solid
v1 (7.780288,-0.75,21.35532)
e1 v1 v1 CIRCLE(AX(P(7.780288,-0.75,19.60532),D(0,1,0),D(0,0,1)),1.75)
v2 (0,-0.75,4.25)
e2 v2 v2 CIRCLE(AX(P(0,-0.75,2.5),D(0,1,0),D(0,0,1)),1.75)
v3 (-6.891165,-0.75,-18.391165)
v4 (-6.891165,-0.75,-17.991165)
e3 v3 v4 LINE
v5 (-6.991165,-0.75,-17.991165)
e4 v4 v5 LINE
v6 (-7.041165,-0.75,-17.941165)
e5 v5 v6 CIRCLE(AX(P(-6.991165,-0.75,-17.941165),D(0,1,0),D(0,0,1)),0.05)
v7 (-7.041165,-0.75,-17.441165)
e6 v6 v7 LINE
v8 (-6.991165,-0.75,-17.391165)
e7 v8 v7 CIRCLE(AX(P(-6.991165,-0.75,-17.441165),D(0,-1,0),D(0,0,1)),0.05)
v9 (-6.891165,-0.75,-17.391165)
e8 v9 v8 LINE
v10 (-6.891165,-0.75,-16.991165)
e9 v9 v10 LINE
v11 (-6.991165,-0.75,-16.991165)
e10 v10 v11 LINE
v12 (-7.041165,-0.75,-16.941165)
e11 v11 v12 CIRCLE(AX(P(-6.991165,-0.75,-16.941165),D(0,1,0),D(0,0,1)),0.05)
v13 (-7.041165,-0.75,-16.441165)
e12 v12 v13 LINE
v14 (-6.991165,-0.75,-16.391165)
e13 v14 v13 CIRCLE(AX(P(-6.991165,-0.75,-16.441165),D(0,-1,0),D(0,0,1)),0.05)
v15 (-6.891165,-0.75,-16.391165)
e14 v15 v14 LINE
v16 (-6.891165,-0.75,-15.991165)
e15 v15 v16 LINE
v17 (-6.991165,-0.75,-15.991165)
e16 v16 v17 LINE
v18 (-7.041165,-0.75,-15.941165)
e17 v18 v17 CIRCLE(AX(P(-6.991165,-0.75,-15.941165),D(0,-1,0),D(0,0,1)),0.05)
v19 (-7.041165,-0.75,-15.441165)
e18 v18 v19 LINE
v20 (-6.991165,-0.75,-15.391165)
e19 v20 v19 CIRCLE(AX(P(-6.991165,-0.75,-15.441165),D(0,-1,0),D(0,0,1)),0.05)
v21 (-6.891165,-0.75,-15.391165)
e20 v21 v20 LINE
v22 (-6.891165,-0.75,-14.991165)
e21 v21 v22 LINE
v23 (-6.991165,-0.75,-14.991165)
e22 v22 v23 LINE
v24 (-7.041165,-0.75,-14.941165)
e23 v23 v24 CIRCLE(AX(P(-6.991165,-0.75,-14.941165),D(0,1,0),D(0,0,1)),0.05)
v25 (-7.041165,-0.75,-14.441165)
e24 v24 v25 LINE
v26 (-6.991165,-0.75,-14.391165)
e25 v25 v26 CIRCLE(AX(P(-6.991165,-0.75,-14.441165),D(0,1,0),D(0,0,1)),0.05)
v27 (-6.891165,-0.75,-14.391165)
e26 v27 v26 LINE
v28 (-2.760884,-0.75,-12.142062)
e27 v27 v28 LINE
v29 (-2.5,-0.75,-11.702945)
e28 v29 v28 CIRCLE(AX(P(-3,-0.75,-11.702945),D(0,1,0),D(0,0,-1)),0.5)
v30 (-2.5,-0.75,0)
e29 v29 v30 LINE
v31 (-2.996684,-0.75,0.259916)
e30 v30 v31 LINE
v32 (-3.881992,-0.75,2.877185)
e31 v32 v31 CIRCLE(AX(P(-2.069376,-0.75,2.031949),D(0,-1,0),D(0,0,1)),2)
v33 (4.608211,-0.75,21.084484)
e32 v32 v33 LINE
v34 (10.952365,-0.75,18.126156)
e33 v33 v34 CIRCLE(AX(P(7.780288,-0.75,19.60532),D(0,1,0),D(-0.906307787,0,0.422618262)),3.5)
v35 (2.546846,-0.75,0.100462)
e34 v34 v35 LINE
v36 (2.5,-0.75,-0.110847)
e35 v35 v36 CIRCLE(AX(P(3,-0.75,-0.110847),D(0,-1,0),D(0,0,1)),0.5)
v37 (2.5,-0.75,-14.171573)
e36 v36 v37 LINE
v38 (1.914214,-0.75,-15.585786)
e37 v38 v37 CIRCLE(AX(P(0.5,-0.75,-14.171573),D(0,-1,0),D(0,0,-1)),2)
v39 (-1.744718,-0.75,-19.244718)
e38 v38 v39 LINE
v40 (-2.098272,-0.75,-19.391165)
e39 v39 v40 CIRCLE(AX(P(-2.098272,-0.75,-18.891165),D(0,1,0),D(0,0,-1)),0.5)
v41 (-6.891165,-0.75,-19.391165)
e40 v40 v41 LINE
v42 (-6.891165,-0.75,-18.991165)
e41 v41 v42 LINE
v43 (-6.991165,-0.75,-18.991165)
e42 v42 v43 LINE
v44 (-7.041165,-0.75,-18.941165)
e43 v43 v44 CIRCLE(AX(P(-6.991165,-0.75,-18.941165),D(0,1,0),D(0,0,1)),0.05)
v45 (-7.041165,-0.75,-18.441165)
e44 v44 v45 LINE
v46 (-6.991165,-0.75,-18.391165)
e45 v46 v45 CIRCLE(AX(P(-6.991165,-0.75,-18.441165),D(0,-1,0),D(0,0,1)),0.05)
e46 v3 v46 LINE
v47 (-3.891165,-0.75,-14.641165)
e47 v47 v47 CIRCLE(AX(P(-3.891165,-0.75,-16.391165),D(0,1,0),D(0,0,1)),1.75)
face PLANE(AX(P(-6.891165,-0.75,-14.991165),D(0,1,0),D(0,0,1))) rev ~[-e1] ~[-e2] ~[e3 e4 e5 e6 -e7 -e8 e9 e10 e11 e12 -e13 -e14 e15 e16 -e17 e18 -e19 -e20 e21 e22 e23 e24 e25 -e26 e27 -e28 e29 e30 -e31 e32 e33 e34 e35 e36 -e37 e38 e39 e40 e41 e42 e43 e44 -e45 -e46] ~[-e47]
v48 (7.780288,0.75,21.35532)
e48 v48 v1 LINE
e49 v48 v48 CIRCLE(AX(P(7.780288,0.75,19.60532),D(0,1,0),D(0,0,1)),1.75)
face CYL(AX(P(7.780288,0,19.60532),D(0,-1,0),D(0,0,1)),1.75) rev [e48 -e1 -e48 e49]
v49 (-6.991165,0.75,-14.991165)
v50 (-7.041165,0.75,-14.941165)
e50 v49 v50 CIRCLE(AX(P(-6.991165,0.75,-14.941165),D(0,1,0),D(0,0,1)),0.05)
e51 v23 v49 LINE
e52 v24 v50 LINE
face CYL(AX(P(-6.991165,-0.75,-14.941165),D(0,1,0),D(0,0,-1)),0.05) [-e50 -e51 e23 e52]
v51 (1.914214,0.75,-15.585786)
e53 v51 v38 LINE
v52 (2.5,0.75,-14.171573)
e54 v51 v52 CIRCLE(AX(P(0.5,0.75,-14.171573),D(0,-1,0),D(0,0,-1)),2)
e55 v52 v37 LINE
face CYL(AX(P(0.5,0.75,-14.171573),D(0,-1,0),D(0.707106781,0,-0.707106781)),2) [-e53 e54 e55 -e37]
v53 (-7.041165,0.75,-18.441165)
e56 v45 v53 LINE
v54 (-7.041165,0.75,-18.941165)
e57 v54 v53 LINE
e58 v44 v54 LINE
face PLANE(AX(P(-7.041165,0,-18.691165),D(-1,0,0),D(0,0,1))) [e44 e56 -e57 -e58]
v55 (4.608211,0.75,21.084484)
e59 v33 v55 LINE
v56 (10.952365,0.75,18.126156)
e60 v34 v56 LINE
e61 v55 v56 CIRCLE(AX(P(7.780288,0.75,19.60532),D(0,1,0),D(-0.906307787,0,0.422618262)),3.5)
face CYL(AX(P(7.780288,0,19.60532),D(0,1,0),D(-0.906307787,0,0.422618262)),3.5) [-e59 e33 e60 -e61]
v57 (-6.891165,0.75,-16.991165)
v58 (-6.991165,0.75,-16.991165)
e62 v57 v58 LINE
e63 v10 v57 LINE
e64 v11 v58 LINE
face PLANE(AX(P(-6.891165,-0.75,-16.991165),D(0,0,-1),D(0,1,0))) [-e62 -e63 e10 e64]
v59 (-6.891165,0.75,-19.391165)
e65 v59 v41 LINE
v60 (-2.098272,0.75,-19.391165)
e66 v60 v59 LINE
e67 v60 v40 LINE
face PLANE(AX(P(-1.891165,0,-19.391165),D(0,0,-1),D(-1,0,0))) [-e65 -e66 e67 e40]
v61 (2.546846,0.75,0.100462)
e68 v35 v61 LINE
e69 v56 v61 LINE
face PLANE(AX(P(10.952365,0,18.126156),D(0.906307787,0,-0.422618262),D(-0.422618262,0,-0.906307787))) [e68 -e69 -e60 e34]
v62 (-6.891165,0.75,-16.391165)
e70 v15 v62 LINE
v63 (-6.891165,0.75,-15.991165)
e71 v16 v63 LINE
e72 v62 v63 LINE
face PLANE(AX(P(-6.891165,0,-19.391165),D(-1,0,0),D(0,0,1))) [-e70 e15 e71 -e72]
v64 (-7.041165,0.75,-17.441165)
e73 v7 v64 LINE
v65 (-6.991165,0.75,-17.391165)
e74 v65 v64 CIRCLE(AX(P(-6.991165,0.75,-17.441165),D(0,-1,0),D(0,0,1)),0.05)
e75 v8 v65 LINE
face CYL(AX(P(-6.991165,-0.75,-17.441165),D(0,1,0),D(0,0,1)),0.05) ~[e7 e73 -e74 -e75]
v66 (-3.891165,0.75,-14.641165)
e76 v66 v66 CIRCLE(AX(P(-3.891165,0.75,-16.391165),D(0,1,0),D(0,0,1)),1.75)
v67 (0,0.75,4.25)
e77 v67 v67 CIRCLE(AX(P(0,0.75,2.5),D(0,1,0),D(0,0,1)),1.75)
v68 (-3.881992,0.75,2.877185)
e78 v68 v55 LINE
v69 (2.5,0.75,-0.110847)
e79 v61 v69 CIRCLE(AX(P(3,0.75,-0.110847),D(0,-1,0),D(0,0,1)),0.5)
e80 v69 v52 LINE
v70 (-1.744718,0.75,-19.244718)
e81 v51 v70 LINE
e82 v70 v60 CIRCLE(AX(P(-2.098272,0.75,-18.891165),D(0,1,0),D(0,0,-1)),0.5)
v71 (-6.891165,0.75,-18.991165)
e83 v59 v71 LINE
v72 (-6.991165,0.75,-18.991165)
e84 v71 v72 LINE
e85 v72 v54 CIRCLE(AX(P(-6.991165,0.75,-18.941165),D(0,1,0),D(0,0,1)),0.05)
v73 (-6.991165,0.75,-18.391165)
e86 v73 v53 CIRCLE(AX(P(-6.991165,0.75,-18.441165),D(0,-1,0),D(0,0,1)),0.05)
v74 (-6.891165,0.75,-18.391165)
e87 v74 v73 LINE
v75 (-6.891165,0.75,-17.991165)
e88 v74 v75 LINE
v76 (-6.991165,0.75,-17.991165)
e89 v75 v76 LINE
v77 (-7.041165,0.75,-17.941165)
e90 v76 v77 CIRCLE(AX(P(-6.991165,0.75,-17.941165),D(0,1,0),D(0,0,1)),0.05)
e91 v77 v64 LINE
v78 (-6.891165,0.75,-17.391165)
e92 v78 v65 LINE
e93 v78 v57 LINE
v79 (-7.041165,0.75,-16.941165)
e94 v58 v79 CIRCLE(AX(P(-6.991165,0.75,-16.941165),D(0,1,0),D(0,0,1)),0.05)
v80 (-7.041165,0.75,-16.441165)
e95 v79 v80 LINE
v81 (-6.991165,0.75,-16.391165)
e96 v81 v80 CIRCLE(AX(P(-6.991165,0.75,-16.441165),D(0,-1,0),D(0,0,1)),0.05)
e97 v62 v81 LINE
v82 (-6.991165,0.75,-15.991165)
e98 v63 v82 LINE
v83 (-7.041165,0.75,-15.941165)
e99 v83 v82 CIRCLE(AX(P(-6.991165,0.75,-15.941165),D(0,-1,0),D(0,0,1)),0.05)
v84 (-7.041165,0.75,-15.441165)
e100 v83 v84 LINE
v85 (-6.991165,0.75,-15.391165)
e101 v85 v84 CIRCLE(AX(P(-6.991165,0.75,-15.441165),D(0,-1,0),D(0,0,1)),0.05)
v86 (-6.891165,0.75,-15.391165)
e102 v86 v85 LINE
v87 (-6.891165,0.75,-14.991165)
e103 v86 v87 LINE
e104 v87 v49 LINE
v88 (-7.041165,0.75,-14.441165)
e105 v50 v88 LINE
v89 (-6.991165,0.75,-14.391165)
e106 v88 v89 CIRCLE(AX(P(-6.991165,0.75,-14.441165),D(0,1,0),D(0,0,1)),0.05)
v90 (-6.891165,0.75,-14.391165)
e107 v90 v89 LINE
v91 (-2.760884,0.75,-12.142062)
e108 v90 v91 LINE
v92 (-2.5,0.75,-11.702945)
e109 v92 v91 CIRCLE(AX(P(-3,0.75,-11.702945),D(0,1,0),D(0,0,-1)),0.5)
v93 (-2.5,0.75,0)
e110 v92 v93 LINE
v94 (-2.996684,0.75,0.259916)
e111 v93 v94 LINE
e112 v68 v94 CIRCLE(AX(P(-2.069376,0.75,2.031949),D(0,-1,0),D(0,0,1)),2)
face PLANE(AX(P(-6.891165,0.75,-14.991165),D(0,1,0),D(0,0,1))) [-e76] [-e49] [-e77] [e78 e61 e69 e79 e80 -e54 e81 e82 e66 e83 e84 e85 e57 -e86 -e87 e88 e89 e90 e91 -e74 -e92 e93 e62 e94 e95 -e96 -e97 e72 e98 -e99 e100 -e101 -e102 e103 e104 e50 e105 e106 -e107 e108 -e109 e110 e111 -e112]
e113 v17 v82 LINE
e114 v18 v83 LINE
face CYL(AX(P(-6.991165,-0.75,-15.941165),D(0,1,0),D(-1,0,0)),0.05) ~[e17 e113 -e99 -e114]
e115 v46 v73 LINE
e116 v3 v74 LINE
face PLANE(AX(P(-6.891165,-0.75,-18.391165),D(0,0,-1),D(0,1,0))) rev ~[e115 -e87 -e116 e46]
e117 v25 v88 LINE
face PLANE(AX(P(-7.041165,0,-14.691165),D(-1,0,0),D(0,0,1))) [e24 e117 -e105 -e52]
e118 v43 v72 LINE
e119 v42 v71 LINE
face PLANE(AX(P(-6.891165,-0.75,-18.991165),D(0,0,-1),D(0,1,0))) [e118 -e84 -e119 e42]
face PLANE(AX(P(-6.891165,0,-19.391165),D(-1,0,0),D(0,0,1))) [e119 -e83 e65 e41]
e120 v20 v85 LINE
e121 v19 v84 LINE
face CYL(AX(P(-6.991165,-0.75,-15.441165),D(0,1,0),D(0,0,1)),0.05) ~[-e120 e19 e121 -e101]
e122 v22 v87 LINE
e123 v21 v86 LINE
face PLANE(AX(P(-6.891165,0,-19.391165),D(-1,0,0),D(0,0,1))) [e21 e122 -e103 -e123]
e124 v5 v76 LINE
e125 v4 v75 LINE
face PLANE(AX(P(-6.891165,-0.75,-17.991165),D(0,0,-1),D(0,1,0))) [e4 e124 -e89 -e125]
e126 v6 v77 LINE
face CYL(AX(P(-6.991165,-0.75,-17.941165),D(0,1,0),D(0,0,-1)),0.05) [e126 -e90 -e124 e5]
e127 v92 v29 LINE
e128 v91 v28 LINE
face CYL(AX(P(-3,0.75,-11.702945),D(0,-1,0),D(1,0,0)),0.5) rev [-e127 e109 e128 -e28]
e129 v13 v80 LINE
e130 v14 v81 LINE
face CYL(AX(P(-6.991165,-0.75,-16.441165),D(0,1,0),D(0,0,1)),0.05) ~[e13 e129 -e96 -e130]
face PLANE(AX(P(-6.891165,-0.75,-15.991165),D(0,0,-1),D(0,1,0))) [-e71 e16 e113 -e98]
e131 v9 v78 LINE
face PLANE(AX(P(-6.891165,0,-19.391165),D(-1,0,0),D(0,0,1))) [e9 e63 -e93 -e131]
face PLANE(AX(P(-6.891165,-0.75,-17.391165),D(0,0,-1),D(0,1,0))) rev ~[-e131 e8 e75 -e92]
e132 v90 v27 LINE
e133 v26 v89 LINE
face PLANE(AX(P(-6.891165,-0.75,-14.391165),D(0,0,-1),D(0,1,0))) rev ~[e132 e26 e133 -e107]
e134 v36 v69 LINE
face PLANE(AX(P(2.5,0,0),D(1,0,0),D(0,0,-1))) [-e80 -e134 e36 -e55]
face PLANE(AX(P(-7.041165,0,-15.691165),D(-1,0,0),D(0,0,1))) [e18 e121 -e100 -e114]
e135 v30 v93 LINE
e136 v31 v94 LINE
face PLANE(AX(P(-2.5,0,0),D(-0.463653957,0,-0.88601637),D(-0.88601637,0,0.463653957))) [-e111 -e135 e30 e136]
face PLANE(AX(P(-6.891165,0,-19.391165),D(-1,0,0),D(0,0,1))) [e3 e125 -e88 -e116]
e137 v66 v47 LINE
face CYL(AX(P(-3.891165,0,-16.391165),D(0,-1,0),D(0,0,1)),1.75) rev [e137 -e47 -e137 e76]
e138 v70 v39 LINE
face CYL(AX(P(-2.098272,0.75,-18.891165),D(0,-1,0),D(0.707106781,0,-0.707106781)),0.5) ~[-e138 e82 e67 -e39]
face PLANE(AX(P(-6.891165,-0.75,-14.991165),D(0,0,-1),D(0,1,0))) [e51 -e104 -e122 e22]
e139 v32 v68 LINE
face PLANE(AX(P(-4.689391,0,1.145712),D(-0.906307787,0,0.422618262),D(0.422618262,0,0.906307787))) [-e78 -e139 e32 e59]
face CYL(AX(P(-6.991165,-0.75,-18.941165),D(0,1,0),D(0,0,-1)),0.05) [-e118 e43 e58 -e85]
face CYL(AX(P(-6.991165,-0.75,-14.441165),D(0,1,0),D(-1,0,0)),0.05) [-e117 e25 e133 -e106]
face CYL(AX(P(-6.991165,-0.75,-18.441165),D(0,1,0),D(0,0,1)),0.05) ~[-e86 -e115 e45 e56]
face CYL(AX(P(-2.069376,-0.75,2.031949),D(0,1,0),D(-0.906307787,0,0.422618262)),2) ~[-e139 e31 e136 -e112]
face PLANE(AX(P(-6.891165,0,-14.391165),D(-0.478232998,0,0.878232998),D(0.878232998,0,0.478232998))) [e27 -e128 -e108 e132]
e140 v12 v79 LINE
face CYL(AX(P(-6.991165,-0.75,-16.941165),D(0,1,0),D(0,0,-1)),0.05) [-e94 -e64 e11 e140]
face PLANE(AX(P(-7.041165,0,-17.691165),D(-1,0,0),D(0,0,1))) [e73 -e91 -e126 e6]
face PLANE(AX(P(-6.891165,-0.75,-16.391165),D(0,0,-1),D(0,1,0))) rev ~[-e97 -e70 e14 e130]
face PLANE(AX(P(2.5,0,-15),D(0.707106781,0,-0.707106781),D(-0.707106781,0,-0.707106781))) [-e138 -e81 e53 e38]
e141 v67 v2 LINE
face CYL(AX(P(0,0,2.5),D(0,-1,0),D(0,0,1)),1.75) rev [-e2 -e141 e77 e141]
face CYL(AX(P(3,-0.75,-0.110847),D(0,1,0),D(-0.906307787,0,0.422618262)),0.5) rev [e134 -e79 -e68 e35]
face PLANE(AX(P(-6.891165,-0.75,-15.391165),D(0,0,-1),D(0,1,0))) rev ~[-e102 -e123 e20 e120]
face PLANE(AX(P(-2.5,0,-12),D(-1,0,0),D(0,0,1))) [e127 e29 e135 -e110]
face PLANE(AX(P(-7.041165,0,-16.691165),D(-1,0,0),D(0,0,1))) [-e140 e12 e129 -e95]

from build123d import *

# Parameters (mm, degrees)
SKETCH1_R           = 1.75
BOSS_EXTRUDE1_DEPTH = 0.75
FILLET1_R           = 2
FILLET2_R           = 0.5
SKETCH2_W           = 0.6
SKETCH2_H           = 1.5
BOSS_EXTRUDE2_DEPTH = 0.15
FILLET3_R           = 0.05


with BuildPart() as part:
    # Sketch1 → Boss-Extrude1 (new, symmetric)
    with BuildSketch(Plane(origin=(0, 0, 0), x_dir=(1, 0, 0), z_dir=(0, 1, 0))):
        with BuildLine():
            Line((-2.5, 12), (-2.5, 0))
            Line((-2.5, 0), (-4.689391033, -1.145712258))
            Line((-4.689391033, -1.145712258), (4.608210726, -21.084483573))
            ThreePointArc((4.608210726, -21.084483573), (9.259451896, -22.777396911), (10.952365235, -18.126155741))
            Line((10.952365235, -18.126155741), (2.5, 0))
            Line((2.5, 0), (2.5, 15))
            Line((2.5, 15), (-1.891164992, 19.391164992))
            Line((-1.891164992, 19.391164992), (-6.891164992, 19.391164992))
            Line((-6.891164992, 19.391164992), (-6.891164992, 14.391164992))
            Line((-6.891164992, 14.391164992), (-2.5, 12))
        make_face()
        with Locations(Location((-3.891164992, 16.391164992, 0), (0, 0, 270))):
            Circle(SKETCH1_R, mode=Mode.SUBTRACT)
        with Locations(Location((0, -2.5, 0), (0, 0, 270))):
            Circle(SKETCH1_R, mode=Mode.SUBTRACT)
        with Locations(Location((7.78028798, -19.605319657, 0), (0, 0, 270))):
            Circle(SKETCH1_R, mode=Mode.SUBTRACT)
    extrude(amount=BOSS_EXTRUDE1_DEPTH, both=True)

    # Fillet1
    fillet1_edges = [part.edges().sort_by_distance(p)[0] for p in [
        (2.5, 0, -15),
        (-4.689391033, 0, 1.145712258),
    ]]
    fillet(fillet1_edges, radius=FILLET1_R)

    # Fillet2
    fillet2_edges = [part.edges().sort_by_distance(p)[0] for p in [
        (-1.891164992, 0, -19.391164992),
        (2.5, 0, 0),
        (-2.5, 0, -12),
    ]]
    fillet(fillet2_edges, radius=FILLET2_R)

    # Sketch2 → Boss-Extrude2 (add)
    with BuildSketch(Plane.ZY.offset(6.891164992)):
        with Locations((-14.691164992, 0)):
            Rectangle(SKETCH2_W, SKETCH2_H)
        with Locations((-15.691164992, 0)):
            Rectangle(SKETCH2_W, SKETCH2_H)
        with Locations((-16.691164992, 0)):
            Rectangle(SKETCH2_W, SKETCH2_H)
        with Locations((-17.691164992, 0)):
            Rectangle(SKETCH2_W, SKETCH2_H)
        with Locations((-18.691164992, 0)):
            Rectangle(SKETCH2_W, SKETCH2_H)
    extrude(amount=BOSS_EXTRUDE2_DEPTH)

    # Fillet3
    fillet3_edges = [part.edges().sort_by_distance(p)[0] for p in [
        (-7.041164992, 0, -16.991164992),
        (-7.041164992, 0, -16.391164992),
        (-7.041164992, 0, -17.991164992),
        (-7.041164992, 0, -17.391164992),
        (-7.041164992, 0, -18.991164992),
        (-7.041164992, 0, -18.391164992),
        (-7.041164992, 0, -14.991164992),
        (-7.041164992, 0, -14.391164992),
        (-7.041164992, 0, -15.991164992),
        (-7.041164992, 0, -15.391164992),
    ]]
    fillet(fillet3_edges, radius=FILLET3_R)


solid = part.part
